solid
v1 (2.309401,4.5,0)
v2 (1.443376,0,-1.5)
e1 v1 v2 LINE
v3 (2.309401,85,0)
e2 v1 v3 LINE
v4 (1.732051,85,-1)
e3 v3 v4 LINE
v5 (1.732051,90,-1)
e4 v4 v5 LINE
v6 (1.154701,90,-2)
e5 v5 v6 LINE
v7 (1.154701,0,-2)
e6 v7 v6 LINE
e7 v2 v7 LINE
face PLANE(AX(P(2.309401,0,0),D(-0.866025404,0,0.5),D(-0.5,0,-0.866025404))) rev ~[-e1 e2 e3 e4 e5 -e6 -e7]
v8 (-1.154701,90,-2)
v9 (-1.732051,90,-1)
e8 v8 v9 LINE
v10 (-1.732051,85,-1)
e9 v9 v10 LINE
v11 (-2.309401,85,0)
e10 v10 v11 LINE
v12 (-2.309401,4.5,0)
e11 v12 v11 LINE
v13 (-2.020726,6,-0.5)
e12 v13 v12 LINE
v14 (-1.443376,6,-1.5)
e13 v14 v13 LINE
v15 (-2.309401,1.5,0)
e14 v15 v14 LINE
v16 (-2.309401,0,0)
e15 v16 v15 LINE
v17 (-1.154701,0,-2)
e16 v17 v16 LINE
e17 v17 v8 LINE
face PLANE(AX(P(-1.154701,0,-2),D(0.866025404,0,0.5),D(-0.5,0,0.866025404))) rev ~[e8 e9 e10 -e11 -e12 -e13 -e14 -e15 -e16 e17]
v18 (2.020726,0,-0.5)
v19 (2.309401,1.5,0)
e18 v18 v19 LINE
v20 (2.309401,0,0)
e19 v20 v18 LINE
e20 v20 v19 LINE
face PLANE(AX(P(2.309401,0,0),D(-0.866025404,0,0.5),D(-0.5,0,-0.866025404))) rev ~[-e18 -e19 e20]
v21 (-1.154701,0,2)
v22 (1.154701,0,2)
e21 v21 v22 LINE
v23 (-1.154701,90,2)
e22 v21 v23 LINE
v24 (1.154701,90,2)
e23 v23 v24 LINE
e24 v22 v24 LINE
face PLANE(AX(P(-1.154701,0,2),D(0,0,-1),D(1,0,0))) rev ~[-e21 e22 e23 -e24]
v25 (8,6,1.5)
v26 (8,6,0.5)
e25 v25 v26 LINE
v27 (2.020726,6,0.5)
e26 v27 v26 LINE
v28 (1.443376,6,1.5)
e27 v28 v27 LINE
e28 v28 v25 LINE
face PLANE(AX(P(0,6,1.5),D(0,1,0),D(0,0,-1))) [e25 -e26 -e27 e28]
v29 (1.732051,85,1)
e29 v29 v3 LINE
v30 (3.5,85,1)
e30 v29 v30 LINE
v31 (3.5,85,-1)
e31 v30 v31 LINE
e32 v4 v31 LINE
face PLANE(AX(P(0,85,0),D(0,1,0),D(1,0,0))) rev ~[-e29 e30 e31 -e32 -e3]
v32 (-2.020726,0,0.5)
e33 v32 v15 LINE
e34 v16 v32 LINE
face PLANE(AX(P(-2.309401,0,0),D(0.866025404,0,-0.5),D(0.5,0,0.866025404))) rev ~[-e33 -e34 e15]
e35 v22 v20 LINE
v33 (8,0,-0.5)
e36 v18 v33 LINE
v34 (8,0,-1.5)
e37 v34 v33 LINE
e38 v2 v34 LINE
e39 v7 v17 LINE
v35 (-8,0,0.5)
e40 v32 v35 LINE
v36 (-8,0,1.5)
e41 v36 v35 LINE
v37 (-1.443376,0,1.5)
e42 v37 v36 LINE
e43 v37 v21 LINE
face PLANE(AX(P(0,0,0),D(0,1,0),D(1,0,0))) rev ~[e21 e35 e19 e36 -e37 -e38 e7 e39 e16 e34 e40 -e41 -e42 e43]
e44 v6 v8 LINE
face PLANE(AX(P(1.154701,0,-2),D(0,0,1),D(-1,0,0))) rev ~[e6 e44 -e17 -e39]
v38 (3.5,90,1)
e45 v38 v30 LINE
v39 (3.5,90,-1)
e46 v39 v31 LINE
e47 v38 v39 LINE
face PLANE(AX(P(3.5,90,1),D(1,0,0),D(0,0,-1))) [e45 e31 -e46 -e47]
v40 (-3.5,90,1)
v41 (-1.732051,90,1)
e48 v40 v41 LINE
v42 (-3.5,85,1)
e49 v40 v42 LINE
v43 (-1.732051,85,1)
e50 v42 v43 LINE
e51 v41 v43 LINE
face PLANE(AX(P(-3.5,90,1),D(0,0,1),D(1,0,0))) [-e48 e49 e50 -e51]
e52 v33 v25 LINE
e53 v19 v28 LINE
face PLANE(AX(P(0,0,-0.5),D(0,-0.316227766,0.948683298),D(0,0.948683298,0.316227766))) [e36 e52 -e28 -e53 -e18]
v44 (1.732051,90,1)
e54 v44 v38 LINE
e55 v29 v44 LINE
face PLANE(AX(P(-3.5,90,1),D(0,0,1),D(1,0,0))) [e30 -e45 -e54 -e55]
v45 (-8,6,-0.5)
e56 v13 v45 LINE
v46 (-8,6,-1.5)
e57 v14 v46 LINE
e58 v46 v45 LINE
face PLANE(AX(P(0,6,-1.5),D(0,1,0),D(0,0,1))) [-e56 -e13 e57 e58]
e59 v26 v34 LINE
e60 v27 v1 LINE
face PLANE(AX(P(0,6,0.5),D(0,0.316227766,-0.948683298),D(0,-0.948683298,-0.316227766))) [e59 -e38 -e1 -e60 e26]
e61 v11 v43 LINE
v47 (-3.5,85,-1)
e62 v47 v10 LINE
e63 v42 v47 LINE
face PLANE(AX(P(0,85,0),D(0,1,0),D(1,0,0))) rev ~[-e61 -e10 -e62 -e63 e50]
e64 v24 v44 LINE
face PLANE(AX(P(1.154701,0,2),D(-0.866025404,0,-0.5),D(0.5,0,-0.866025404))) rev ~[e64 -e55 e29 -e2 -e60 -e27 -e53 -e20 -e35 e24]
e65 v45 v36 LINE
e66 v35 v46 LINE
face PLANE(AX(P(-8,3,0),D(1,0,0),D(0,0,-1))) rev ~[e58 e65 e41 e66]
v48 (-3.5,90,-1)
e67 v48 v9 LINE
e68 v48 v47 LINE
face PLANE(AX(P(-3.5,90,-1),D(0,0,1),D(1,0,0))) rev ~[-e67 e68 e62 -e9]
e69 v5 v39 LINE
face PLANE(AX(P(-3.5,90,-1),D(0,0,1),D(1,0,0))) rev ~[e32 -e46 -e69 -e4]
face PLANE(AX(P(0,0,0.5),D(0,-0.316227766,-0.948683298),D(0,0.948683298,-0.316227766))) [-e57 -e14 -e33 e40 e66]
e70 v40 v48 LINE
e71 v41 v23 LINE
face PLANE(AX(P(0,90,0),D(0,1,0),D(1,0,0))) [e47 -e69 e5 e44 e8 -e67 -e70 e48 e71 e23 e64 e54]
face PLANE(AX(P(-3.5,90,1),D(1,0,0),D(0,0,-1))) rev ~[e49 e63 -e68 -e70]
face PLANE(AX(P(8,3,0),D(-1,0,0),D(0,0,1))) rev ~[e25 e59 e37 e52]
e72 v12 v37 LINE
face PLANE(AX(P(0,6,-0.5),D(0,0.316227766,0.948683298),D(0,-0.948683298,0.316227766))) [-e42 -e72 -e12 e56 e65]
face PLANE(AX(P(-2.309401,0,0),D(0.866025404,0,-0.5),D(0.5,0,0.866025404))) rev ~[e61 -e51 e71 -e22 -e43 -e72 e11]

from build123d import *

# Parameters (mm, degrees)
BOSS_EXTRUDE1_DEPTH = 90
SKETCH2_W           = 7
SKETCH2_H           = 2
BOSS_EXTRUDE2_DEPTH = 5
BOSS_EXTRUDE3_DEPTH = 8
BOSS_EXTRUDE4_DEPTH = 8


with BuildPart() as part:
    # Sketch1 → Boss-Extrude1 (new body)
    with BuildSketch(Plane(origin=(0, 0, 0), x_dir=(1, 0, 0), z_dir=(0, 1, 0))):
        Polygon((-1.154700538, 2), (-2.309401077, 0), (-1.154700538, -2), (1.154700538, -2), (2.309401077, 0), (1.154700538, 2), align=None)
    extrude(amount=BOSS_EXTRUDE1_DEPTH)

    # Sketch2 → Boss-Extrude2 (add)
    with BuildSketch(Plane(origin=(0, 90, 0), x_dir=(1, 0, 0), z_dir=(0, 1, 0))):
        Rectangle(SKETCH2_W, SKETCH2_H)
    extrude(amount=-BOSS_EXTRUDE2_DEPTH)

    # Sketch3 → Boss-Extrude3 (add)
    with BuildSketch(Plane(origin=(0, 0, 0), x_dir=(0, 0, -1), z_dir=(1, 0, 0))):
        Polygon((-1.5, 6), (-0.5, 6), (1.5, 0), (0.5, 0), align=None)
    extrude(amount=BOSS_EXTRUDE3_DEPTH)

    # Sketch4 → Boss-Extrude4 (add)
    with BuildSketch(Plane(origin=(0, 0, 0), x_dir=(0, 0, -1), z_dir=(1, 0, 0))):
        Polygon((1.5, 6), (0.5, 6), (-1.5, 0), (-0.5, 0), align=None)
    extrude(amount=-BOSS_EXTRUDE4_DEPTH)


solid = part.part
